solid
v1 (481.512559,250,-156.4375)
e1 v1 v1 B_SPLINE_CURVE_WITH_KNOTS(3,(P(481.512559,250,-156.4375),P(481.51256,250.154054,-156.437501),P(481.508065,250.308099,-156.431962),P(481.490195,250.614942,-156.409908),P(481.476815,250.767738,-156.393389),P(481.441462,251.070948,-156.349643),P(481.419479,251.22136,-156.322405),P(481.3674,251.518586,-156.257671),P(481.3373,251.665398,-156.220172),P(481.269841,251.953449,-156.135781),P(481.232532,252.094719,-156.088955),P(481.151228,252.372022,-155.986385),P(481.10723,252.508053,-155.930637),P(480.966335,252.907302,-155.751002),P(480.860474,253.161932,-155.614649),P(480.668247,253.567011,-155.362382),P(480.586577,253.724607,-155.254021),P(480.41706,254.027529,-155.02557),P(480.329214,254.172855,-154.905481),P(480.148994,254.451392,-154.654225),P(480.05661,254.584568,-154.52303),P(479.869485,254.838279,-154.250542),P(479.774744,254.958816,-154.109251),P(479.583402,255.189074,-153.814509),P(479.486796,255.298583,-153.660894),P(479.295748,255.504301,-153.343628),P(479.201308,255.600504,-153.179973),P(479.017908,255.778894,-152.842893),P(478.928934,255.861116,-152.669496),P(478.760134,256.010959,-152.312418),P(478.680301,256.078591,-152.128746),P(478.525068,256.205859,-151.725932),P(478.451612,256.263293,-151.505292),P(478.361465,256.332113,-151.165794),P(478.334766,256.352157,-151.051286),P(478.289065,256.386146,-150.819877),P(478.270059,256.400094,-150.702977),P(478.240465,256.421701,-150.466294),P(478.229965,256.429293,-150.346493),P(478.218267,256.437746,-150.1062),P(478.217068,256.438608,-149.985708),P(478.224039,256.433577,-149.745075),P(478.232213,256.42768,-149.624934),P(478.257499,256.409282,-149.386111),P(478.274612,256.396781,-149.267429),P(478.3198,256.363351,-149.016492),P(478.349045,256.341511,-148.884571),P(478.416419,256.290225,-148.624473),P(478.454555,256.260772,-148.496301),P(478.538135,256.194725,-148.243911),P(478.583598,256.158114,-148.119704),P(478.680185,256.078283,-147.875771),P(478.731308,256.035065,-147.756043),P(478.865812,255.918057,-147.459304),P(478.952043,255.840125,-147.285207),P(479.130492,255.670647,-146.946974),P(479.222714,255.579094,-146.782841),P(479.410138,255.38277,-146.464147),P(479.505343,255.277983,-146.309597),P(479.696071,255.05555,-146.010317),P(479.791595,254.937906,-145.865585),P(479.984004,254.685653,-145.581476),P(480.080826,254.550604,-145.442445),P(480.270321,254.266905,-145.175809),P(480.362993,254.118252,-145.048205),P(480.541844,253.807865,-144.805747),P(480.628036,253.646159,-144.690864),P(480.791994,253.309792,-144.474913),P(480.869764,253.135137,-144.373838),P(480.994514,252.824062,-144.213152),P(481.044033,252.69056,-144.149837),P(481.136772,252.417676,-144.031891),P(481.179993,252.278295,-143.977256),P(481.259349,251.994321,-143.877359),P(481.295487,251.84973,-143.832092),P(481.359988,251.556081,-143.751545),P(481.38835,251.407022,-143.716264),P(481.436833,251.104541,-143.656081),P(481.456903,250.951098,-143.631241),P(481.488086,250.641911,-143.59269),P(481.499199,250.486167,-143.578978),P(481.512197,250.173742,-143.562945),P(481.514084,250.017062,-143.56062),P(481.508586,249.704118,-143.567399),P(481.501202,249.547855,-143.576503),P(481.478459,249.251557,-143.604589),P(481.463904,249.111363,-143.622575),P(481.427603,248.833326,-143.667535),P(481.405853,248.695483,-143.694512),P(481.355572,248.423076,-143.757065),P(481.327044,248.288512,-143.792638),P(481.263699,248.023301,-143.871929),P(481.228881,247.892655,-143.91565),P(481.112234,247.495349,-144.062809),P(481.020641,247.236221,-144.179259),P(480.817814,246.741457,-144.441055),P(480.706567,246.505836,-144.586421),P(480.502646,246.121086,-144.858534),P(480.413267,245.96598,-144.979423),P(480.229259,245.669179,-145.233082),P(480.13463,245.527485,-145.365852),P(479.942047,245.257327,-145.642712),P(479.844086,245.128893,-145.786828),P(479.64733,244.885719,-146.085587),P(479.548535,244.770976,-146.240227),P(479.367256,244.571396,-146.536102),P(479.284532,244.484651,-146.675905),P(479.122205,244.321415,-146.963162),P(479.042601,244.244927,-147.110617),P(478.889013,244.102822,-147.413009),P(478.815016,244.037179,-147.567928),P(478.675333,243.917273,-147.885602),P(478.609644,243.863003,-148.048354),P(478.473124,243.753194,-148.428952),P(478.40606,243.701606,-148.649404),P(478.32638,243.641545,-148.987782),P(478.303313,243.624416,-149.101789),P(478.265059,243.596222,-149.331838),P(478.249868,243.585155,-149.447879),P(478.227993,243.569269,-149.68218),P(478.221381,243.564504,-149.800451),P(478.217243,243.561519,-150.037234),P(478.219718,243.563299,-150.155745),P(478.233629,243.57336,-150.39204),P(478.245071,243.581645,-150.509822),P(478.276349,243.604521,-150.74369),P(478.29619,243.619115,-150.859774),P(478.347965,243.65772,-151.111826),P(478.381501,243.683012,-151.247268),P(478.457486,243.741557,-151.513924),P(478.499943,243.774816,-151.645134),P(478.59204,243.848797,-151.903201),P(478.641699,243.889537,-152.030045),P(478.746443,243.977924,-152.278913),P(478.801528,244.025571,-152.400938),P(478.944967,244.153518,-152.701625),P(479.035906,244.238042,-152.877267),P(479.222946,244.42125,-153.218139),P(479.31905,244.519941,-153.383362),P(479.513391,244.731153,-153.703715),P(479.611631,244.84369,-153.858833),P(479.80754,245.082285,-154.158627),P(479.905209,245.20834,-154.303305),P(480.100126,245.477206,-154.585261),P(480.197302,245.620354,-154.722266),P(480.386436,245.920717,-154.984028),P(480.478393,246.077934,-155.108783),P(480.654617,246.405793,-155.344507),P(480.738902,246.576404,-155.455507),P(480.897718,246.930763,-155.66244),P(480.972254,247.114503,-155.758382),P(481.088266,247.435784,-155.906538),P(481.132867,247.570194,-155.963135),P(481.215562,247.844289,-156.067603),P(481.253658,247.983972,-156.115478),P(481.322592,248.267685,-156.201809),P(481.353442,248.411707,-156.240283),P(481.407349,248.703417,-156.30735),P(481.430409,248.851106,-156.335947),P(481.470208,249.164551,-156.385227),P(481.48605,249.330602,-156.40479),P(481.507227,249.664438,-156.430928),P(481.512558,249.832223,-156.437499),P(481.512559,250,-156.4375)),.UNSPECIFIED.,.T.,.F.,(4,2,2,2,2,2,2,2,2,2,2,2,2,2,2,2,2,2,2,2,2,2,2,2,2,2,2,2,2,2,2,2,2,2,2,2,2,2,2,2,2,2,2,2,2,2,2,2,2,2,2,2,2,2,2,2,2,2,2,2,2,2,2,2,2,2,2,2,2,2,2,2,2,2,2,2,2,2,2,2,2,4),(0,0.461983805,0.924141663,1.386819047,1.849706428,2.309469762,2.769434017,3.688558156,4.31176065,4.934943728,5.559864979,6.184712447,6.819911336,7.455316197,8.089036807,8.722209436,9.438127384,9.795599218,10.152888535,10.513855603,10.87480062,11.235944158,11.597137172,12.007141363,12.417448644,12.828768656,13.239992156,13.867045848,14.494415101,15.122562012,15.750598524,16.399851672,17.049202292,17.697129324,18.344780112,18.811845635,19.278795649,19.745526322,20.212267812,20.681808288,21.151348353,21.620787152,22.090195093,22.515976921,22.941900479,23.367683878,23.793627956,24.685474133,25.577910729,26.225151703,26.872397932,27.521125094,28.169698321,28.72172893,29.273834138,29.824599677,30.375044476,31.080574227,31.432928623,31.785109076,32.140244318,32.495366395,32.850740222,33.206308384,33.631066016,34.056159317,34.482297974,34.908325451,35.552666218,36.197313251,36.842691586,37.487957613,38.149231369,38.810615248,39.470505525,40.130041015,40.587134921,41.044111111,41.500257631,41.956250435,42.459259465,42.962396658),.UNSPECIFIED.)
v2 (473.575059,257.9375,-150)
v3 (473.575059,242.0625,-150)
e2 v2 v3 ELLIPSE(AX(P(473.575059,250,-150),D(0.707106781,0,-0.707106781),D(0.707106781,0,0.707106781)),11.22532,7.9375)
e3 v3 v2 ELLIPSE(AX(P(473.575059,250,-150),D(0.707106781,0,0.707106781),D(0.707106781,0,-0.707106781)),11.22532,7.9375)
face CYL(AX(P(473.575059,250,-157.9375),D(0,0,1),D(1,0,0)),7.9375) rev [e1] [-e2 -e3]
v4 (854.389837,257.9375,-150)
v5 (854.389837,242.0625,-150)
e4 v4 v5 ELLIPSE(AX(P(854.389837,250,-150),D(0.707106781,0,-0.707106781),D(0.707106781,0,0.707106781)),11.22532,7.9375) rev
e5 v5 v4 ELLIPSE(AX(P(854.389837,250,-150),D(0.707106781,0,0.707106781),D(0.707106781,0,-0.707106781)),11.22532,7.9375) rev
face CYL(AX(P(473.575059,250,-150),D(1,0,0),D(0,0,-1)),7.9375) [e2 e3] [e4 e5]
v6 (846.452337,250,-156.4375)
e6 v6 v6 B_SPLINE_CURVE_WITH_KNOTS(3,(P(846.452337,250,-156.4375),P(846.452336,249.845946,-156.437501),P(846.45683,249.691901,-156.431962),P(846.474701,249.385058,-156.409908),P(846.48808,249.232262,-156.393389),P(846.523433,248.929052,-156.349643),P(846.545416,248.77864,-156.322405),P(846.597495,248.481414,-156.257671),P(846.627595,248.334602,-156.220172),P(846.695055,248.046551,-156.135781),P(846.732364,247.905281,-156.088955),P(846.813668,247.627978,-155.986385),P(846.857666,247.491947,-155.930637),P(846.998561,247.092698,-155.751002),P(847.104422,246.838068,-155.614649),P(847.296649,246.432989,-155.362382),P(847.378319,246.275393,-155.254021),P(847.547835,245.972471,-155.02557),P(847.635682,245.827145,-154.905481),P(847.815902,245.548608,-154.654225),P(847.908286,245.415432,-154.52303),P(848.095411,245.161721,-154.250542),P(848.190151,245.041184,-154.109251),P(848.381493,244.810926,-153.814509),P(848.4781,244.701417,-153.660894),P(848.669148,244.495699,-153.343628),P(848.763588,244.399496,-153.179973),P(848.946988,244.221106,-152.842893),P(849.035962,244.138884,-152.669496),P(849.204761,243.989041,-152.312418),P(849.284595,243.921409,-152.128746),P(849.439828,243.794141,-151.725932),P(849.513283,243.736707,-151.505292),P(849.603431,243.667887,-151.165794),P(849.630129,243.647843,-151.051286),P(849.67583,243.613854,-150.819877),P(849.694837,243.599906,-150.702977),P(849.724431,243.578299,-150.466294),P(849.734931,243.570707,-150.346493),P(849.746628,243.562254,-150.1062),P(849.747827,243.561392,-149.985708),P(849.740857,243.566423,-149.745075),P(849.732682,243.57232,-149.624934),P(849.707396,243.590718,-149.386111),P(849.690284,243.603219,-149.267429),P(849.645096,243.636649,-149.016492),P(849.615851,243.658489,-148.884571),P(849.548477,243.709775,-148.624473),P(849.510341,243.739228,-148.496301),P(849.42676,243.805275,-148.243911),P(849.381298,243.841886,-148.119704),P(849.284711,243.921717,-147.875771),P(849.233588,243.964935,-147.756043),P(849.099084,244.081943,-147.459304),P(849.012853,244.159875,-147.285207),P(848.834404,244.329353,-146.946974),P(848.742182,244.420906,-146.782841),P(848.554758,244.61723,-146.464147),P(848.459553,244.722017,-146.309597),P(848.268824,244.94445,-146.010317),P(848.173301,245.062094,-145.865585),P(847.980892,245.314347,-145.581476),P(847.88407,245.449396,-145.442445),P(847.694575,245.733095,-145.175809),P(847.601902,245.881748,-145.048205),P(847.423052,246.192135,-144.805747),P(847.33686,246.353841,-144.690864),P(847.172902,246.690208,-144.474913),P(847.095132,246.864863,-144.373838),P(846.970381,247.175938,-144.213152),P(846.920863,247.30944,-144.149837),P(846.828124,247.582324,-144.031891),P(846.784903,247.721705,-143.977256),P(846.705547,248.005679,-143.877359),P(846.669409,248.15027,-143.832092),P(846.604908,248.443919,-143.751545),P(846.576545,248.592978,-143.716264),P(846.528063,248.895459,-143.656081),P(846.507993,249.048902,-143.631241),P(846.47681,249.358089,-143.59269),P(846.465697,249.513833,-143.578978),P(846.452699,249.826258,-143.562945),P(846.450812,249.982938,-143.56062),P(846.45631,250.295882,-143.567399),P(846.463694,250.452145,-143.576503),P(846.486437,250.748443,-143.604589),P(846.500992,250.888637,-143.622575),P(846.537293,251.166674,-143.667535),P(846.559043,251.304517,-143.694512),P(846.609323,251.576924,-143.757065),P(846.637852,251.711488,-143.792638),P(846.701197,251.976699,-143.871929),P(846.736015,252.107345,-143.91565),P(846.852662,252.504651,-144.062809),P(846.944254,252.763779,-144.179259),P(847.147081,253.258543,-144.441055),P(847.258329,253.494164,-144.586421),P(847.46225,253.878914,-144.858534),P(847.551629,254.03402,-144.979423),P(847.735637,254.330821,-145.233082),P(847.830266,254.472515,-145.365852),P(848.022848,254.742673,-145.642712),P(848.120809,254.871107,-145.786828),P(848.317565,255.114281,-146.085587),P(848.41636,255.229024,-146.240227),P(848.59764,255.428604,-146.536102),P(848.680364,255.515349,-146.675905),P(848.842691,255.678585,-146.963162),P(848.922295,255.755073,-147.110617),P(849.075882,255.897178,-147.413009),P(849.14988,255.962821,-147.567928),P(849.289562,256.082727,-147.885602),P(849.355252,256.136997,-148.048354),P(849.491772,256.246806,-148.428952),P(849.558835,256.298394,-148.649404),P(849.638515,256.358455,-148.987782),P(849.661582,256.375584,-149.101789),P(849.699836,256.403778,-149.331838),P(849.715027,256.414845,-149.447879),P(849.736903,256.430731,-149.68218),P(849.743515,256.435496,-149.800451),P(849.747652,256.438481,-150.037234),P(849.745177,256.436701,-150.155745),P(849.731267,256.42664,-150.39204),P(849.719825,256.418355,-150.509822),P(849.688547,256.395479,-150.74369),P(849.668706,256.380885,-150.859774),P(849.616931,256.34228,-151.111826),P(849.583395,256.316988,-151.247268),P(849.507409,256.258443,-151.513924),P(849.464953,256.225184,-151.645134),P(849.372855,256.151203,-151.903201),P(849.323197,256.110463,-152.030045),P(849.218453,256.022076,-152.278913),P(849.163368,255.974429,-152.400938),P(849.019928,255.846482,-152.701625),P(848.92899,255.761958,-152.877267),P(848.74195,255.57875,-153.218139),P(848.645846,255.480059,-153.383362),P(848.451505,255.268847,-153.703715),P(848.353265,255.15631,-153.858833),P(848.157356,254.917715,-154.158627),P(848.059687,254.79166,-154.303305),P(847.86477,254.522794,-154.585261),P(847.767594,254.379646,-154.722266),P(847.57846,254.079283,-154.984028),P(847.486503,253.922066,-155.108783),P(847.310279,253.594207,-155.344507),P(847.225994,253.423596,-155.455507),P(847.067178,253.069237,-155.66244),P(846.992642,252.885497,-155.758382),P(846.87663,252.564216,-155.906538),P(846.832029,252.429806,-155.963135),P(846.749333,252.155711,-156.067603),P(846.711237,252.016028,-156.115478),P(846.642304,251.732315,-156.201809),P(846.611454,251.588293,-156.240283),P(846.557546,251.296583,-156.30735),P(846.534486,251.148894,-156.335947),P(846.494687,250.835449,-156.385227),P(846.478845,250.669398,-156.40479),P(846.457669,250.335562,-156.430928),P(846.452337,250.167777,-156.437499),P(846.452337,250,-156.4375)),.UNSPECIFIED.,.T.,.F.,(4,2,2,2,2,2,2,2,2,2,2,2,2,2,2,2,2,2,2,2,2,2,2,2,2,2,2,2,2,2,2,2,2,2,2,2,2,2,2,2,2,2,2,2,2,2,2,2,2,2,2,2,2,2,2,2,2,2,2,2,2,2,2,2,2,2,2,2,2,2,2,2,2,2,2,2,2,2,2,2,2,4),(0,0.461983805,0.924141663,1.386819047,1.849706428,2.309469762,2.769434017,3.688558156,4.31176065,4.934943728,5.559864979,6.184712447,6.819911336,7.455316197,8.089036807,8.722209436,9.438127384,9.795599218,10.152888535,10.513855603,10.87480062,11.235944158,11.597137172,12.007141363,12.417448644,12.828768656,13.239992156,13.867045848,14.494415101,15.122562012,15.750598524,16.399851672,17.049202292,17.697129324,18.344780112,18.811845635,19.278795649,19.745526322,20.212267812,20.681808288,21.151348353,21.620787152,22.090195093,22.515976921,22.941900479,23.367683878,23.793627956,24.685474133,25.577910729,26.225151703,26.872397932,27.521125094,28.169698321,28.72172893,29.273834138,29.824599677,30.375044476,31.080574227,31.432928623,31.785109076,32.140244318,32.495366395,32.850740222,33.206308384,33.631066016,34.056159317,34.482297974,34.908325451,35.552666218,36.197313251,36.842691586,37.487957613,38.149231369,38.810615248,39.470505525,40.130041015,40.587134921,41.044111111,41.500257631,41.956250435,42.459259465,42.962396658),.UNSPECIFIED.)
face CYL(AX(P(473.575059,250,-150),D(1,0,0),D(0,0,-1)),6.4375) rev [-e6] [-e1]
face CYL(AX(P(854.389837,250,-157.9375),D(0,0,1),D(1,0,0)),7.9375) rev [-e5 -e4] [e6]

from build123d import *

# Parameters (mm, degrees)
SKETCH1_R                          = 7.9375
SKETCH1_R_2                        = 6.4375
PIPE_CONFIGURED_21_3_X_2_3_5_DEPTH = 380.814777714
CORTE_EXTRUS_O1_DEPTH              = 907.343202597
CORTE_EXTRUS_O1_DEPTH_BACK         = 907.343202597
ESBO_O17_R                         = 7.9375


with BuildPart() as part:
    # Sketch1 → Pipe - configured 21.3 X 2.3(5) (new body)
    with BuildSketch(Plane(origin=(854.389836714, 250, -150), x_dir=(0, 0, 1), z_dir=(-1, 0, 0))):
        Circle(SKETCH1_R)
        Circle(SKETCH1_R_2, mode=Mode.SUBTRACT)
    extrude(amount=PIPE_CONFIGURED_21_3_X_2_3_5_DEPTH)

    # Esboço17 → Corte-extrusão1 (cut, two sides: drawn at the far end of the back side and taken through both)
    with BuildSketch(Plane.XY.offset(-CORTE_EXTRUS_O1_DEPTH_BACK)):
        with Locations((473.575059, 250)):
            Circle(ESBO_O17_R)
        with Locations((854.389836714, 250)):
            Circle(ESBO_O17_R)
    extrude(amount=CORTE_EXTRUS_O1_DEPTH + CORTE_EXTRUS_O1_DEPTH_BACK, mode=Mode.SUBTRACT)


solid = part.part
